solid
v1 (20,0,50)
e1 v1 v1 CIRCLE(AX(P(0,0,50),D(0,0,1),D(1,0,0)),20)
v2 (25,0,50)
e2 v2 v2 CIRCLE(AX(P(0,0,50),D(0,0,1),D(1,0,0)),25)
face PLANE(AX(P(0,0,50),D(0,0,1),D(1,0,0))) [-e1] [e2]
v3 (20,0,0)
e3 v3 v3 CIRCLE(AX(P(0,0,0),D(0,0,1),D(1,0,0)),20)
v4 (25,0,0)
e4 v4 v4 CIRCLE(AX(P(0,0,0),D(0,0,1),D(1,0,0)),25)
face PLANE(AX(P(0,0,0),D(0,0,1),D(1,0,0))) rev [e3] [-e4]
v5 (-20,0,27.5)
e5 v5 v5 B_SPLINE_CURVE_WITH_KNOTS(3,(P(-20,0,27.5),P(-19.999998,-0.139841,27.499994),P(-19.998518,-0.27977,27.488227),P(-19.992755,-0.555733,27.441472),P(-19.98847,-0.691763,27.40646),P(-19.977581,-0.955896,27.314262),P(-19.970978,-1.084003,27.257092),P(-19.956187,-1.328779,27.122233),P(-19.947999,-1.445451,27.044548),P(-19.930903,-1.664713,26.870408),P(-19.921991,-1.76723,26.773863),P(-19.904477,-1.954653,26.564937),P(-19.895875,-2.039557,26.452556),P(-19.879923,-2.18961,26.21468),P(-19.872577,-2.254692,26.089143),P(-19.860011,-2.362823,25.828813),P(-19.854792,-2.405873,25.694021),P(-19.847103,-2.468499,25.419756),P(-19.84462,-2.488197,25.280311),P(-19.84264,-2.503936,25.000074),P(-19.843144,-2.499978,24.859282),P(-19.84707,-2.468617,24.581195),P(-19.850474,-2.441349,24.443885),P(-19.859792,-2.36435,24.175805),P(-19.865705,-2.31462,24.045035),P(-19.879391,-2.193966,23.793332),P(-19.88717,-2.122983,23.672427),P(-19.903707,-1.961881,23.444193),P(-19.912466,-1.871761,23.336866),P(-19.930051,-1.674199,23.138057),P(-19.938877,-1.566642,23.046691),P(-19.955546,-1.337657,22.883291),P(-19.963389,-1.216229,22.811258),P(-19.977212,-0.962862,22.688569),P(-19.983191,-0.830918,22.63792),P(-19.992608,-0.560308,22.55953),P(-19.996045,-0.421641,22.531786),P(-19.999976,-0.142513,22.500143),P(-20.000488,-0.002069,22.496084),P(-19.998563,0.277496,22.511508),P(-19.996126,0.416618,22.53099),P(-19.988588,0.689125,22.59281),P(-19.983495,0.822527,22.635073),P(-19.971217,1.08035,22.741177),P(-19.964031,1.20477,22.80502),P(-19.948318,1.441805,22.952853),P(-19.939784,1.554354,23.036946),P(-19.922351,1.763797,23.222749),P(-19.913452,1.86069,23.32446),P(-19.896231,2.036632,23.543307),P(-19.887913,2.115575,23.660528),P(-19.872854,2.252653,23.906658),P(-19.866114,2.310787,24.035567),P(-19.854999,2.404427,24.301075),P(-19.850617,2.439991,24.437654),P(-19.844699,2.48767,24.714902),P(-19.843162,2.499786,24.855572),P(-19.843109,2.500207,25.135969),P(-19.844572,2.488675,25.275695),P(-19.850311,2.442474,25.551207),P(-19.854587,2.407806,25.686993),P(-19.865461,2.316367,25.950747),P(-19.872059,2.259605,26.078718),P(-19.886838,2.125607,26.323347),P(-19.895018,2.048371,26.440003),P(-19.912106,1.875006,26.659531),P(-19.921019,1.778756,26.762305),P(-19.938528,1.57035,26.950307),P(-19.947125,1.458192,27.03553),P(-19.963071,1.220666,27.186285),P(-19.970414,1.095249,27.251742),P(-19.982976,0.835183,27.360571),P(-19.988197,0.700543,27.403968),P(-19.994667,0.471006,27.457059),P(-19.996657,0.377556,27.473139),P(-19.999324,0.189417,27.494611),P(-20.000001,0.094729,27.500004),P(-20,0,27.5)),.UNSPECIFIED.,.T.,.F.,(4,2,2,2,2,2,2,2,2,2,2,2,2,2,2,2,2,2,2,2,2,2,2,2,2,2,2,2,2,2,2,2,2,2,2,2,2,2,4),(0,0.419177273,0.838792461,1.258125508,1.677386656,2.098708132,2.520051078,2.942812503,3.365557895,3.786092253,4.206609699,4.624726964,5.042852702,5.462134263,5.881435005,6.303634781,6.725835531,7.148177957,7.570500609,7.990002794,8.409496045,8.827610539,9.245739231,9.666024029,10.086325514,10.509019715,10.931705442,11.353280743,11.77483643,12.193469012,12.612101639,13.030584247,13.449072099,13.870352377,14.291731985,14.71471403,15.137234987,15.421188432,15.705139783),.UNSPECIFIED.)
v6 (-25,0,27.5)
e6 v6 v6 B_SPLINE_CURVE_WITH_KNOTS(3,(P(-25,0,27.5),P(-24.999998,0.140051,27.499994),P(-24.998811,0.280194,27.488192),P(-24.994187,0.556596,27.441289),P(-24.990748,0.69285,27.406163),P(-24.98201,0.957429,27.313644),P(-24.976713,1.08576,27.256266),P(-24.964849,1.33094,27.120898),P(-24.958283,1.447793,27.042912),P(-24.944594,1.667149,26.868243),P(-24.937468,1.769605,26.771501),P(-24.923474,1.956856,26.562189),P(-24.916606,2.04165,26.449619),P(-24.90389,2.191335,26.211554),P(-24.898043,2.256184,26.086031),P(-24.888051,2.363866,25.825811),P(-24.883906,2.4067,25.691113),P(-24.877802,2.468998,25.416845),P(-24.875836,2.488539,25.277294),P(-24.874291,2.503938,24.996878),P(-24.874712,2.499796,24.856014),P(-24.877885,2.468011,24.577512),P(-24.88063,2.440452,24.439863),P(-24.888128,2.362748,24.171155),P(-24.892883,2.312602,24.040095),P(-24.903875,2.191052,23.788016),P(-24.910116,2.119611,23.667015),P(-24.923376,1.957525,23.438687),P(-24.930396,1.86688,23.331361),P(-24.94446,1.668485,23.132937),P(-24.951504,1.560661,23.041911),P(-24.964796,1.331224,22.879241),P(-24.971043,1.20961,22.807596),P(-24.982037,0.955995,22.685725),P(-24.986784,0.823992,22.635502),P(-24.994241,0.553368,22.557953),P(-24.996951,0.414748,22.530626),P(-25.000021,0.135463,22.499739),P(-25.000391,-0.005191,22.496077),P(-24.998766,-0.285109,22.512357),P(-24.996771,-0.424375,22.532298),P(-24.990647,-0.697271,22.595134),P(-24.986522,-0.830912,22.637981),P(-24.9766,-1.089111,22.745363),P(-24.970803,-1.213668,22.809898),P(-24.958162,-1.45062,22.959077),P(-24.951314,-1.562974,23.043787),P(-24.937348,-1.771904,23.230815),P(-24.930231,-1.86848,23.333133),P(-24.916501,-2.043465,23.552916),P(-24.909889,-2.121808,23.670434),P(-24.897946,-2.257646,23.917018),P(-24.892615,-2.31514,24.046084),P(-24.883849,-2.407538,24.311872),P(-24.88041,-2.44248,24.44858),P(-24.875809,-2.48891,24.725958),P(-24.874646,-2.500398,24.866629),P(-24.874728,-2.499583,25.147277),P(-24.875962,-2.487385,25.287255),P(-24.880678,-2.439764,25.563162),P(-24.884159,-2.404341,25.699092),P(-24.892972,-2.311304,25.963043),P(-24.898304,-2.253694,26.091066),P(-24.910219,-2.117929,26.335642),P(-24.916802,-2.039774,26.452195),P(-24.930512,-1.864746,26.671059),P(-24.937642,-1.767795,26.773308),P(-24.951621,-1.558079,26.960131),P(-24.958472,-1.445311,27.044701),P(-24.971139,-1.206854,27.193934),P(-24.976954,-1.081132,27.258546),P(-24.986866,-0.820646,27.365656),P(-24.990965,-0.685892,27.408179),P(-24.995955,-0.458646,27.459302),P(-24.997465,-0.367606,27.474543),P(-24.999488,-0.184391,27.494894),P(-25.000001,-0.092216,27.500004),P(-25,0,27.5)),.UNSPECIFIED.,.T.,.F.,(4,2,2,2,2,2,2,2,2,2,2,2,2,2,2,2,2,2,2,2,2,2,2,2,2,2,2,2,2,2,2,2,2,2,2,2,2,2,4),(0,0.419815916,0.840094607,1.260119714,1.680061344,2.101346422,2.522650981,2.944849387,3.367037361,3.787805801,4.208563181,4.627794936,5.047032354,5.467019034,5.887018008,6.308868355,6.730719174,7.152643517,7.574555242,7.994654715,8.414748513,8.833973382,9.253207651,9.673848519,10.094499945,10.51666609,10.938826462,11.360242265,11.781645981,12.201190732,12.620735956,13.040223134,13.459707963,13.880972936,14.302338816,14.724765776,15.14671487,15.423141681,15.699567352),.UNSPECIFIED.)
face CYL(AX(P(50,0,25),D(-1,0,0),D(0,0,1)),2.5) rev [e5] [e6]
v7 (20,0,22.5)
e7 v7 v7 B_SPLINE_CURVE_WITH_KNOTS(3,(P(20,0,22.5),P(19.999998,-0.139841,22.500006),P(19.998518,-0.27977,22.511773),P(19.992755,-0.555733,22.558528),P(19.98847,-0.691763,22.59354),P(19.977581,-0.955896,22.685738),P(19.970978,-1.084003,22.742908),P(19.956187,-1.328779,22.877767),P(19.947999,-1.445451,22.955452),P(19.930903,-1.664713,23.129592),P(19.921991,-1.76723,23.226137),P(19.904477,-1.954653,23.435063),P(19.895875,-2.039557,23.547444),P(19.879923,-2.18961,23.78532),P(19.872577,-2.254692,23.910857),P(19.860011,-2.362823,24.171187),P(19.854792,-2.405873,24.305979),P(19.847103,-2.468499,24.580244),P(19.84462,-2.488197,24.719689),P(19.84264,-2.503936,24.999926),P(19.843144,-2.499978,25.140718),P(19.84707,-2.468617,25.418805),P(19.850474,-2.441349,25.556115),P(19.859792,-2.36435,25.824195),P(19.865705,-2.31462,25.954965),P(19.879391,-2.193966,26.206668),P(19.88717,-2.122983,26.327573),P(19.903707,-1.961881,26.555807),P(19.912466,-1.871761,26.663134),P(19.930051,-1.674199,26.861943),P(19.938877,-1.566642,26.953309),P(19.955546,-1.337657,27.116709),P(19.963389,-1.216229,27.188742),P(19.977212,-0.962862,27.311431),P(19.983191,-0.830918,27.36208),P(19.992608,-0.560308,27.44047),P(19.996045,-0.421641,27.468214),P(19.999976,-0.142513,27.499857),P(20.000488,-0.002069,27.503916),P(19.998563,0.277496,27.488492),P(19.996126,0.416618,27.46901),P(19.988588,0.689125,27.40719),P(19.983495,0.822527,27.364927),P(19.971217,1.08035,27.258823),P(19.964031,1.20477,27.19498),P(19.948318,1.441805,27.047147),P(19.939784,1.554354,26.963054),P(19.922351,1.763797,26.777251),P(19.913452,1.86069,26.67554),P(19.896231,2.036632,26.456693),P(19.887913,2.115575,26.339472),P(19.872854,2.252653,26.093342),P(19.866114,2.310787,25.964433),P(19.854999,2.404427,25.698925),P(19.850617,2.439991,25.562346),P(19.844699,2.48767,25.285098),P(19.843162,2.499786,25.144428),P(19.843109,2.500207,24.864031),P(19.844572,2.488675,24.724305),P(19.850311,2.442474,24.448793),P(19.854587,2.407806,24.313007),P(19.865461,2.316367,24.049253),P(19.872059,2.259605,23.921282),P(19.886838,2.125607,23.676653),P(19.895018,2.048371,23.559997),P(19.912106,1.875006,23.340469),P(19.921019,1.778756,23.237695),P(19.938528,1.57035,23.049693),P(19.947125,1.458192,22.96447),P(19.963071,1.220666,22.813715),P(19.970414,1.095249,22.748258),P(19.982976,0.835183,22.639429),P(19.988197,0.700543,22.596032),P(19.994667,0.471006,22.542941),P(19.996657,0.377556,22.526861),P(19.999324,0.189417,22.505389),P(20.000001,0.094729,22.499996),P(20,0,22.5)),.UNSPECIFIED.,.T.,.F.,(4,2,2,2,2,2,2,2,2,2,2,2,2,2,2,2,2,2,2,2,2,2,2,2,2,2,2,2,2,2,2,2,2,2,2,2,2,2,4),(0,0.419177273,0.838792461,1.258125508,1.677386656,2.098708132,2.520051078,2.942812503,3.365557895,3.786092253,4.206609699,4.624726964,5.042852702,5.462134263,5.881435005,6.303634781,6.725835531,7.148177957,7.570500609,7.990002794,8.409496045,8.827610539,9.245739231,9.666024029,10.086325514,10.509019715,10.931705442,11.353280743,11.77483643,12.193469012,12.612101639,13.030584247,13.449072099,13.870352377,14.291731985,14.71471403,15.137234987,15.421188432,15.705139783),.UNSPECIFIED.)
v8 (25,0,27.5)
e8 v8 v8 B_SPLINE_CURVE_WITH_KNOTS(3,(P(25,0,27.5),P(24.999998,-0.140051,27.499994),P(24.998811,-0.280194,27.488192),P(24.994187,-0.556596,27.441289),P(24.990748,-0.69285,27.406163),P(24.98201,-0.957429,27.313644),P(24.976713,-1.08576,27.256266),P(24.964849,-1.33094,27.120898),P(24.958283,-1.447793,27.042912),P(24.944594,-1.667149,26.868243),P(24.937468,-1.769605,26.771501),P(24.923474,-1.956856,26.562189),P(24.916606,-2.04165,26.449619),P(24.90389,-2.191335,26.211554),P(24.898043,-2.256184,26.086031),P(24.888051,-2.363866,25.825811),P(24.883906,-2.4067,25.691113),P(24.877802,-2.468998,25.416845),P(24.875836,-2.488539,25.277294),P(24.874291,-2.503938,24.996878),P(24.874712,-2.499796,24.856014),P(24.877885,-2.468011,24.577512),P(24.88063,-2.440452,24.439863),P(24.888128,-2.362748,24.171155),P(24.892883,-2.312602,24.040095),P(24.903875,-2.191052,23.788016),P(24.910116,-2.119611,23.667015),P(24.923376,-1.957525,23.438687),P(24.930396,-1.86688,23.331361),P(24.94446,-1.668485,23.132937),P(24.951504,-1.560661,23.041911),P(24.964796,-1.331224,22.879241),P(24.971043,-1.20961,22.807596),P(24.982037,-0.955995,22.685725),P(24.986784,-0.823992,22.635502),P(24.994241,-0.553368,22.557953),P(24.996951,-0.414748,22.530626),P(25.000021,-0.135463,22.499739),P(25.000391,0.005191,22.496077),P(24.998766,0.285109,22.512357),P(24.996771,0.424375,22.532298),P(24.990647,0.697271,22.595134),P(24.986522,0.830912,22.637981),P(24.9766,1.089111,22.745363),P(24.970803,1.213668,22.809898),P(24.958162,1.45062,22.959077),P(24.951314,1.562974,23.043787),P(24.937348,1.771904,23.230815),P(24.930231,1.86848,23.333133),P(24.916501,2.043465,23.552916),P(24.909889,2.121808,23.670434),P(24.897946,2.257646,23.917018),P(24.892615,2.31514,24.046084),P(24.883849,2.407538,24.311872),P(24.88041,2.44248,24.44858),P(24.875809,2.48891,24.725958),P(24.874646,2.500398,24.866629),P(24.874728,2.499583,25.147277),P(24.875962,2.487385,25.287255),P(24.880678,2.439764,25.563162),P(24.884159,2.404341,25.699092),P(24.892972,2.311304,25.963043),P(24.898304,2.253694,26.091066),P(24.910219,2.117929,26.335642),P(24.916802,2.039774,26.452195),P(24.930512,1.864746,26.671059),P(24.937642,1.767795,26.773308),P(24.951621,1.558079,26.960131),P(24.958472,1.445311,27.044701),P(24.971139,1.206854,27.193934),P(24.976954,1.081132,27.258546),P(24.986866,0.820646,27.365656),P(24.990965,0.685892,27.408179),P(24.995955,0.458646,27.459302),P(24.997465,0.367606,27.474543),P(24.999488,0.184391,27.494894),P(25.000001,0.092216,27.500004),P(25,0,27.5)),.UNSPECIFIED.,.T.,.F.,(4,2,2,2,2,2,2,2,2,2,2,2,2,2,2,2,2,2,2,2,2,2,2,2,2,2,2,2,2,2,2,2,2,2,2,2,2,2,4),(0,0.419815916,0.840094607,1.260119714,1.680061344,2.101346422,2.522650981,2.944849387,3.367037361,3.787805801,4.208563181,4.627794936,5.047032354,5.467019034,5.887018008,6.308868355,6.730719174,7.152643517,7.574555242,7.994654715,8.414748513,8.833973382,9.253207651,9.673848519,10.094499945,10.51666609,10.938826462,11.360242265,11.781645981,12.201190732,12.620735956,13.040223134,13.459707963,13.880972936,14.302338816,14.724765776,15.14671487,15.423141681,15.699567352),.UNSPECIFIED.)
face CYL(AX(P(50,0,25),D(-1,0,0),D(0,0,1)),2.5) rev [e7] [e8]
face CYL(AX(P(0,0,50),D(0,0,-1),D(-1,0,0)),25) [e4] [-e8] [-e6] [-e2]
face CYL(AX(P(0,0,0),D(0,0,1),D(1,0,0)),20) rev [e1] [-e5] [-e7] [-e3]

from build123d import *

# Parameters (mm, degrees)
SKETCH1_R               = 25
BOSS_EXTRUDE1_DEPTH     = 50
SKETCH2_R               = 20
CUT_EXTRUDE1_DEPTH      = 50
CUT_EXTRUDE2_DEPTH      = 50
CUT_EXTRUDE2_DEPTH_BACK = 50
SKETCH3_R               = 2.5


with BuildPart() as part:
    # Sketch1 → Boss-Extrude1 (new body)
    with BuildSketch(Plane.XY):
        Circle(SKETCH1_R)
    extrude(amount=BOSS_EXTRUDE1_DEPTH)

    # Sketch2 → Cut-Extrude1 (cut)
    with BuildSketch(Plane.XY.offset(50)):
        Circle(SKETCH2_R)
    extrude(amount=-CUT_EXTRUDE1_DEPTH, mode=Mode.SUBTRACT)

    # Sketch3 → Cut-Extrude2 (cut, two sides: drawn at the far end of the back side and taken through both)
    with BuildSketch(Plane(origin=(0, 0, 0), x_dir=(0, 0, -1), z_dir=(1, 0, 0)).offset(-CUT_EXTRUDE2_DEPTH_BACK)):
        with Locations((-25, 0)):
            Circle(SKETCH3_R)
    extrude(amount=CUT_EXTRUDE2_DEPTH + CUT_EXTRUDE2_DEPTH_BACK, mode=Mode.SUBTRACT)


solid = part.part
